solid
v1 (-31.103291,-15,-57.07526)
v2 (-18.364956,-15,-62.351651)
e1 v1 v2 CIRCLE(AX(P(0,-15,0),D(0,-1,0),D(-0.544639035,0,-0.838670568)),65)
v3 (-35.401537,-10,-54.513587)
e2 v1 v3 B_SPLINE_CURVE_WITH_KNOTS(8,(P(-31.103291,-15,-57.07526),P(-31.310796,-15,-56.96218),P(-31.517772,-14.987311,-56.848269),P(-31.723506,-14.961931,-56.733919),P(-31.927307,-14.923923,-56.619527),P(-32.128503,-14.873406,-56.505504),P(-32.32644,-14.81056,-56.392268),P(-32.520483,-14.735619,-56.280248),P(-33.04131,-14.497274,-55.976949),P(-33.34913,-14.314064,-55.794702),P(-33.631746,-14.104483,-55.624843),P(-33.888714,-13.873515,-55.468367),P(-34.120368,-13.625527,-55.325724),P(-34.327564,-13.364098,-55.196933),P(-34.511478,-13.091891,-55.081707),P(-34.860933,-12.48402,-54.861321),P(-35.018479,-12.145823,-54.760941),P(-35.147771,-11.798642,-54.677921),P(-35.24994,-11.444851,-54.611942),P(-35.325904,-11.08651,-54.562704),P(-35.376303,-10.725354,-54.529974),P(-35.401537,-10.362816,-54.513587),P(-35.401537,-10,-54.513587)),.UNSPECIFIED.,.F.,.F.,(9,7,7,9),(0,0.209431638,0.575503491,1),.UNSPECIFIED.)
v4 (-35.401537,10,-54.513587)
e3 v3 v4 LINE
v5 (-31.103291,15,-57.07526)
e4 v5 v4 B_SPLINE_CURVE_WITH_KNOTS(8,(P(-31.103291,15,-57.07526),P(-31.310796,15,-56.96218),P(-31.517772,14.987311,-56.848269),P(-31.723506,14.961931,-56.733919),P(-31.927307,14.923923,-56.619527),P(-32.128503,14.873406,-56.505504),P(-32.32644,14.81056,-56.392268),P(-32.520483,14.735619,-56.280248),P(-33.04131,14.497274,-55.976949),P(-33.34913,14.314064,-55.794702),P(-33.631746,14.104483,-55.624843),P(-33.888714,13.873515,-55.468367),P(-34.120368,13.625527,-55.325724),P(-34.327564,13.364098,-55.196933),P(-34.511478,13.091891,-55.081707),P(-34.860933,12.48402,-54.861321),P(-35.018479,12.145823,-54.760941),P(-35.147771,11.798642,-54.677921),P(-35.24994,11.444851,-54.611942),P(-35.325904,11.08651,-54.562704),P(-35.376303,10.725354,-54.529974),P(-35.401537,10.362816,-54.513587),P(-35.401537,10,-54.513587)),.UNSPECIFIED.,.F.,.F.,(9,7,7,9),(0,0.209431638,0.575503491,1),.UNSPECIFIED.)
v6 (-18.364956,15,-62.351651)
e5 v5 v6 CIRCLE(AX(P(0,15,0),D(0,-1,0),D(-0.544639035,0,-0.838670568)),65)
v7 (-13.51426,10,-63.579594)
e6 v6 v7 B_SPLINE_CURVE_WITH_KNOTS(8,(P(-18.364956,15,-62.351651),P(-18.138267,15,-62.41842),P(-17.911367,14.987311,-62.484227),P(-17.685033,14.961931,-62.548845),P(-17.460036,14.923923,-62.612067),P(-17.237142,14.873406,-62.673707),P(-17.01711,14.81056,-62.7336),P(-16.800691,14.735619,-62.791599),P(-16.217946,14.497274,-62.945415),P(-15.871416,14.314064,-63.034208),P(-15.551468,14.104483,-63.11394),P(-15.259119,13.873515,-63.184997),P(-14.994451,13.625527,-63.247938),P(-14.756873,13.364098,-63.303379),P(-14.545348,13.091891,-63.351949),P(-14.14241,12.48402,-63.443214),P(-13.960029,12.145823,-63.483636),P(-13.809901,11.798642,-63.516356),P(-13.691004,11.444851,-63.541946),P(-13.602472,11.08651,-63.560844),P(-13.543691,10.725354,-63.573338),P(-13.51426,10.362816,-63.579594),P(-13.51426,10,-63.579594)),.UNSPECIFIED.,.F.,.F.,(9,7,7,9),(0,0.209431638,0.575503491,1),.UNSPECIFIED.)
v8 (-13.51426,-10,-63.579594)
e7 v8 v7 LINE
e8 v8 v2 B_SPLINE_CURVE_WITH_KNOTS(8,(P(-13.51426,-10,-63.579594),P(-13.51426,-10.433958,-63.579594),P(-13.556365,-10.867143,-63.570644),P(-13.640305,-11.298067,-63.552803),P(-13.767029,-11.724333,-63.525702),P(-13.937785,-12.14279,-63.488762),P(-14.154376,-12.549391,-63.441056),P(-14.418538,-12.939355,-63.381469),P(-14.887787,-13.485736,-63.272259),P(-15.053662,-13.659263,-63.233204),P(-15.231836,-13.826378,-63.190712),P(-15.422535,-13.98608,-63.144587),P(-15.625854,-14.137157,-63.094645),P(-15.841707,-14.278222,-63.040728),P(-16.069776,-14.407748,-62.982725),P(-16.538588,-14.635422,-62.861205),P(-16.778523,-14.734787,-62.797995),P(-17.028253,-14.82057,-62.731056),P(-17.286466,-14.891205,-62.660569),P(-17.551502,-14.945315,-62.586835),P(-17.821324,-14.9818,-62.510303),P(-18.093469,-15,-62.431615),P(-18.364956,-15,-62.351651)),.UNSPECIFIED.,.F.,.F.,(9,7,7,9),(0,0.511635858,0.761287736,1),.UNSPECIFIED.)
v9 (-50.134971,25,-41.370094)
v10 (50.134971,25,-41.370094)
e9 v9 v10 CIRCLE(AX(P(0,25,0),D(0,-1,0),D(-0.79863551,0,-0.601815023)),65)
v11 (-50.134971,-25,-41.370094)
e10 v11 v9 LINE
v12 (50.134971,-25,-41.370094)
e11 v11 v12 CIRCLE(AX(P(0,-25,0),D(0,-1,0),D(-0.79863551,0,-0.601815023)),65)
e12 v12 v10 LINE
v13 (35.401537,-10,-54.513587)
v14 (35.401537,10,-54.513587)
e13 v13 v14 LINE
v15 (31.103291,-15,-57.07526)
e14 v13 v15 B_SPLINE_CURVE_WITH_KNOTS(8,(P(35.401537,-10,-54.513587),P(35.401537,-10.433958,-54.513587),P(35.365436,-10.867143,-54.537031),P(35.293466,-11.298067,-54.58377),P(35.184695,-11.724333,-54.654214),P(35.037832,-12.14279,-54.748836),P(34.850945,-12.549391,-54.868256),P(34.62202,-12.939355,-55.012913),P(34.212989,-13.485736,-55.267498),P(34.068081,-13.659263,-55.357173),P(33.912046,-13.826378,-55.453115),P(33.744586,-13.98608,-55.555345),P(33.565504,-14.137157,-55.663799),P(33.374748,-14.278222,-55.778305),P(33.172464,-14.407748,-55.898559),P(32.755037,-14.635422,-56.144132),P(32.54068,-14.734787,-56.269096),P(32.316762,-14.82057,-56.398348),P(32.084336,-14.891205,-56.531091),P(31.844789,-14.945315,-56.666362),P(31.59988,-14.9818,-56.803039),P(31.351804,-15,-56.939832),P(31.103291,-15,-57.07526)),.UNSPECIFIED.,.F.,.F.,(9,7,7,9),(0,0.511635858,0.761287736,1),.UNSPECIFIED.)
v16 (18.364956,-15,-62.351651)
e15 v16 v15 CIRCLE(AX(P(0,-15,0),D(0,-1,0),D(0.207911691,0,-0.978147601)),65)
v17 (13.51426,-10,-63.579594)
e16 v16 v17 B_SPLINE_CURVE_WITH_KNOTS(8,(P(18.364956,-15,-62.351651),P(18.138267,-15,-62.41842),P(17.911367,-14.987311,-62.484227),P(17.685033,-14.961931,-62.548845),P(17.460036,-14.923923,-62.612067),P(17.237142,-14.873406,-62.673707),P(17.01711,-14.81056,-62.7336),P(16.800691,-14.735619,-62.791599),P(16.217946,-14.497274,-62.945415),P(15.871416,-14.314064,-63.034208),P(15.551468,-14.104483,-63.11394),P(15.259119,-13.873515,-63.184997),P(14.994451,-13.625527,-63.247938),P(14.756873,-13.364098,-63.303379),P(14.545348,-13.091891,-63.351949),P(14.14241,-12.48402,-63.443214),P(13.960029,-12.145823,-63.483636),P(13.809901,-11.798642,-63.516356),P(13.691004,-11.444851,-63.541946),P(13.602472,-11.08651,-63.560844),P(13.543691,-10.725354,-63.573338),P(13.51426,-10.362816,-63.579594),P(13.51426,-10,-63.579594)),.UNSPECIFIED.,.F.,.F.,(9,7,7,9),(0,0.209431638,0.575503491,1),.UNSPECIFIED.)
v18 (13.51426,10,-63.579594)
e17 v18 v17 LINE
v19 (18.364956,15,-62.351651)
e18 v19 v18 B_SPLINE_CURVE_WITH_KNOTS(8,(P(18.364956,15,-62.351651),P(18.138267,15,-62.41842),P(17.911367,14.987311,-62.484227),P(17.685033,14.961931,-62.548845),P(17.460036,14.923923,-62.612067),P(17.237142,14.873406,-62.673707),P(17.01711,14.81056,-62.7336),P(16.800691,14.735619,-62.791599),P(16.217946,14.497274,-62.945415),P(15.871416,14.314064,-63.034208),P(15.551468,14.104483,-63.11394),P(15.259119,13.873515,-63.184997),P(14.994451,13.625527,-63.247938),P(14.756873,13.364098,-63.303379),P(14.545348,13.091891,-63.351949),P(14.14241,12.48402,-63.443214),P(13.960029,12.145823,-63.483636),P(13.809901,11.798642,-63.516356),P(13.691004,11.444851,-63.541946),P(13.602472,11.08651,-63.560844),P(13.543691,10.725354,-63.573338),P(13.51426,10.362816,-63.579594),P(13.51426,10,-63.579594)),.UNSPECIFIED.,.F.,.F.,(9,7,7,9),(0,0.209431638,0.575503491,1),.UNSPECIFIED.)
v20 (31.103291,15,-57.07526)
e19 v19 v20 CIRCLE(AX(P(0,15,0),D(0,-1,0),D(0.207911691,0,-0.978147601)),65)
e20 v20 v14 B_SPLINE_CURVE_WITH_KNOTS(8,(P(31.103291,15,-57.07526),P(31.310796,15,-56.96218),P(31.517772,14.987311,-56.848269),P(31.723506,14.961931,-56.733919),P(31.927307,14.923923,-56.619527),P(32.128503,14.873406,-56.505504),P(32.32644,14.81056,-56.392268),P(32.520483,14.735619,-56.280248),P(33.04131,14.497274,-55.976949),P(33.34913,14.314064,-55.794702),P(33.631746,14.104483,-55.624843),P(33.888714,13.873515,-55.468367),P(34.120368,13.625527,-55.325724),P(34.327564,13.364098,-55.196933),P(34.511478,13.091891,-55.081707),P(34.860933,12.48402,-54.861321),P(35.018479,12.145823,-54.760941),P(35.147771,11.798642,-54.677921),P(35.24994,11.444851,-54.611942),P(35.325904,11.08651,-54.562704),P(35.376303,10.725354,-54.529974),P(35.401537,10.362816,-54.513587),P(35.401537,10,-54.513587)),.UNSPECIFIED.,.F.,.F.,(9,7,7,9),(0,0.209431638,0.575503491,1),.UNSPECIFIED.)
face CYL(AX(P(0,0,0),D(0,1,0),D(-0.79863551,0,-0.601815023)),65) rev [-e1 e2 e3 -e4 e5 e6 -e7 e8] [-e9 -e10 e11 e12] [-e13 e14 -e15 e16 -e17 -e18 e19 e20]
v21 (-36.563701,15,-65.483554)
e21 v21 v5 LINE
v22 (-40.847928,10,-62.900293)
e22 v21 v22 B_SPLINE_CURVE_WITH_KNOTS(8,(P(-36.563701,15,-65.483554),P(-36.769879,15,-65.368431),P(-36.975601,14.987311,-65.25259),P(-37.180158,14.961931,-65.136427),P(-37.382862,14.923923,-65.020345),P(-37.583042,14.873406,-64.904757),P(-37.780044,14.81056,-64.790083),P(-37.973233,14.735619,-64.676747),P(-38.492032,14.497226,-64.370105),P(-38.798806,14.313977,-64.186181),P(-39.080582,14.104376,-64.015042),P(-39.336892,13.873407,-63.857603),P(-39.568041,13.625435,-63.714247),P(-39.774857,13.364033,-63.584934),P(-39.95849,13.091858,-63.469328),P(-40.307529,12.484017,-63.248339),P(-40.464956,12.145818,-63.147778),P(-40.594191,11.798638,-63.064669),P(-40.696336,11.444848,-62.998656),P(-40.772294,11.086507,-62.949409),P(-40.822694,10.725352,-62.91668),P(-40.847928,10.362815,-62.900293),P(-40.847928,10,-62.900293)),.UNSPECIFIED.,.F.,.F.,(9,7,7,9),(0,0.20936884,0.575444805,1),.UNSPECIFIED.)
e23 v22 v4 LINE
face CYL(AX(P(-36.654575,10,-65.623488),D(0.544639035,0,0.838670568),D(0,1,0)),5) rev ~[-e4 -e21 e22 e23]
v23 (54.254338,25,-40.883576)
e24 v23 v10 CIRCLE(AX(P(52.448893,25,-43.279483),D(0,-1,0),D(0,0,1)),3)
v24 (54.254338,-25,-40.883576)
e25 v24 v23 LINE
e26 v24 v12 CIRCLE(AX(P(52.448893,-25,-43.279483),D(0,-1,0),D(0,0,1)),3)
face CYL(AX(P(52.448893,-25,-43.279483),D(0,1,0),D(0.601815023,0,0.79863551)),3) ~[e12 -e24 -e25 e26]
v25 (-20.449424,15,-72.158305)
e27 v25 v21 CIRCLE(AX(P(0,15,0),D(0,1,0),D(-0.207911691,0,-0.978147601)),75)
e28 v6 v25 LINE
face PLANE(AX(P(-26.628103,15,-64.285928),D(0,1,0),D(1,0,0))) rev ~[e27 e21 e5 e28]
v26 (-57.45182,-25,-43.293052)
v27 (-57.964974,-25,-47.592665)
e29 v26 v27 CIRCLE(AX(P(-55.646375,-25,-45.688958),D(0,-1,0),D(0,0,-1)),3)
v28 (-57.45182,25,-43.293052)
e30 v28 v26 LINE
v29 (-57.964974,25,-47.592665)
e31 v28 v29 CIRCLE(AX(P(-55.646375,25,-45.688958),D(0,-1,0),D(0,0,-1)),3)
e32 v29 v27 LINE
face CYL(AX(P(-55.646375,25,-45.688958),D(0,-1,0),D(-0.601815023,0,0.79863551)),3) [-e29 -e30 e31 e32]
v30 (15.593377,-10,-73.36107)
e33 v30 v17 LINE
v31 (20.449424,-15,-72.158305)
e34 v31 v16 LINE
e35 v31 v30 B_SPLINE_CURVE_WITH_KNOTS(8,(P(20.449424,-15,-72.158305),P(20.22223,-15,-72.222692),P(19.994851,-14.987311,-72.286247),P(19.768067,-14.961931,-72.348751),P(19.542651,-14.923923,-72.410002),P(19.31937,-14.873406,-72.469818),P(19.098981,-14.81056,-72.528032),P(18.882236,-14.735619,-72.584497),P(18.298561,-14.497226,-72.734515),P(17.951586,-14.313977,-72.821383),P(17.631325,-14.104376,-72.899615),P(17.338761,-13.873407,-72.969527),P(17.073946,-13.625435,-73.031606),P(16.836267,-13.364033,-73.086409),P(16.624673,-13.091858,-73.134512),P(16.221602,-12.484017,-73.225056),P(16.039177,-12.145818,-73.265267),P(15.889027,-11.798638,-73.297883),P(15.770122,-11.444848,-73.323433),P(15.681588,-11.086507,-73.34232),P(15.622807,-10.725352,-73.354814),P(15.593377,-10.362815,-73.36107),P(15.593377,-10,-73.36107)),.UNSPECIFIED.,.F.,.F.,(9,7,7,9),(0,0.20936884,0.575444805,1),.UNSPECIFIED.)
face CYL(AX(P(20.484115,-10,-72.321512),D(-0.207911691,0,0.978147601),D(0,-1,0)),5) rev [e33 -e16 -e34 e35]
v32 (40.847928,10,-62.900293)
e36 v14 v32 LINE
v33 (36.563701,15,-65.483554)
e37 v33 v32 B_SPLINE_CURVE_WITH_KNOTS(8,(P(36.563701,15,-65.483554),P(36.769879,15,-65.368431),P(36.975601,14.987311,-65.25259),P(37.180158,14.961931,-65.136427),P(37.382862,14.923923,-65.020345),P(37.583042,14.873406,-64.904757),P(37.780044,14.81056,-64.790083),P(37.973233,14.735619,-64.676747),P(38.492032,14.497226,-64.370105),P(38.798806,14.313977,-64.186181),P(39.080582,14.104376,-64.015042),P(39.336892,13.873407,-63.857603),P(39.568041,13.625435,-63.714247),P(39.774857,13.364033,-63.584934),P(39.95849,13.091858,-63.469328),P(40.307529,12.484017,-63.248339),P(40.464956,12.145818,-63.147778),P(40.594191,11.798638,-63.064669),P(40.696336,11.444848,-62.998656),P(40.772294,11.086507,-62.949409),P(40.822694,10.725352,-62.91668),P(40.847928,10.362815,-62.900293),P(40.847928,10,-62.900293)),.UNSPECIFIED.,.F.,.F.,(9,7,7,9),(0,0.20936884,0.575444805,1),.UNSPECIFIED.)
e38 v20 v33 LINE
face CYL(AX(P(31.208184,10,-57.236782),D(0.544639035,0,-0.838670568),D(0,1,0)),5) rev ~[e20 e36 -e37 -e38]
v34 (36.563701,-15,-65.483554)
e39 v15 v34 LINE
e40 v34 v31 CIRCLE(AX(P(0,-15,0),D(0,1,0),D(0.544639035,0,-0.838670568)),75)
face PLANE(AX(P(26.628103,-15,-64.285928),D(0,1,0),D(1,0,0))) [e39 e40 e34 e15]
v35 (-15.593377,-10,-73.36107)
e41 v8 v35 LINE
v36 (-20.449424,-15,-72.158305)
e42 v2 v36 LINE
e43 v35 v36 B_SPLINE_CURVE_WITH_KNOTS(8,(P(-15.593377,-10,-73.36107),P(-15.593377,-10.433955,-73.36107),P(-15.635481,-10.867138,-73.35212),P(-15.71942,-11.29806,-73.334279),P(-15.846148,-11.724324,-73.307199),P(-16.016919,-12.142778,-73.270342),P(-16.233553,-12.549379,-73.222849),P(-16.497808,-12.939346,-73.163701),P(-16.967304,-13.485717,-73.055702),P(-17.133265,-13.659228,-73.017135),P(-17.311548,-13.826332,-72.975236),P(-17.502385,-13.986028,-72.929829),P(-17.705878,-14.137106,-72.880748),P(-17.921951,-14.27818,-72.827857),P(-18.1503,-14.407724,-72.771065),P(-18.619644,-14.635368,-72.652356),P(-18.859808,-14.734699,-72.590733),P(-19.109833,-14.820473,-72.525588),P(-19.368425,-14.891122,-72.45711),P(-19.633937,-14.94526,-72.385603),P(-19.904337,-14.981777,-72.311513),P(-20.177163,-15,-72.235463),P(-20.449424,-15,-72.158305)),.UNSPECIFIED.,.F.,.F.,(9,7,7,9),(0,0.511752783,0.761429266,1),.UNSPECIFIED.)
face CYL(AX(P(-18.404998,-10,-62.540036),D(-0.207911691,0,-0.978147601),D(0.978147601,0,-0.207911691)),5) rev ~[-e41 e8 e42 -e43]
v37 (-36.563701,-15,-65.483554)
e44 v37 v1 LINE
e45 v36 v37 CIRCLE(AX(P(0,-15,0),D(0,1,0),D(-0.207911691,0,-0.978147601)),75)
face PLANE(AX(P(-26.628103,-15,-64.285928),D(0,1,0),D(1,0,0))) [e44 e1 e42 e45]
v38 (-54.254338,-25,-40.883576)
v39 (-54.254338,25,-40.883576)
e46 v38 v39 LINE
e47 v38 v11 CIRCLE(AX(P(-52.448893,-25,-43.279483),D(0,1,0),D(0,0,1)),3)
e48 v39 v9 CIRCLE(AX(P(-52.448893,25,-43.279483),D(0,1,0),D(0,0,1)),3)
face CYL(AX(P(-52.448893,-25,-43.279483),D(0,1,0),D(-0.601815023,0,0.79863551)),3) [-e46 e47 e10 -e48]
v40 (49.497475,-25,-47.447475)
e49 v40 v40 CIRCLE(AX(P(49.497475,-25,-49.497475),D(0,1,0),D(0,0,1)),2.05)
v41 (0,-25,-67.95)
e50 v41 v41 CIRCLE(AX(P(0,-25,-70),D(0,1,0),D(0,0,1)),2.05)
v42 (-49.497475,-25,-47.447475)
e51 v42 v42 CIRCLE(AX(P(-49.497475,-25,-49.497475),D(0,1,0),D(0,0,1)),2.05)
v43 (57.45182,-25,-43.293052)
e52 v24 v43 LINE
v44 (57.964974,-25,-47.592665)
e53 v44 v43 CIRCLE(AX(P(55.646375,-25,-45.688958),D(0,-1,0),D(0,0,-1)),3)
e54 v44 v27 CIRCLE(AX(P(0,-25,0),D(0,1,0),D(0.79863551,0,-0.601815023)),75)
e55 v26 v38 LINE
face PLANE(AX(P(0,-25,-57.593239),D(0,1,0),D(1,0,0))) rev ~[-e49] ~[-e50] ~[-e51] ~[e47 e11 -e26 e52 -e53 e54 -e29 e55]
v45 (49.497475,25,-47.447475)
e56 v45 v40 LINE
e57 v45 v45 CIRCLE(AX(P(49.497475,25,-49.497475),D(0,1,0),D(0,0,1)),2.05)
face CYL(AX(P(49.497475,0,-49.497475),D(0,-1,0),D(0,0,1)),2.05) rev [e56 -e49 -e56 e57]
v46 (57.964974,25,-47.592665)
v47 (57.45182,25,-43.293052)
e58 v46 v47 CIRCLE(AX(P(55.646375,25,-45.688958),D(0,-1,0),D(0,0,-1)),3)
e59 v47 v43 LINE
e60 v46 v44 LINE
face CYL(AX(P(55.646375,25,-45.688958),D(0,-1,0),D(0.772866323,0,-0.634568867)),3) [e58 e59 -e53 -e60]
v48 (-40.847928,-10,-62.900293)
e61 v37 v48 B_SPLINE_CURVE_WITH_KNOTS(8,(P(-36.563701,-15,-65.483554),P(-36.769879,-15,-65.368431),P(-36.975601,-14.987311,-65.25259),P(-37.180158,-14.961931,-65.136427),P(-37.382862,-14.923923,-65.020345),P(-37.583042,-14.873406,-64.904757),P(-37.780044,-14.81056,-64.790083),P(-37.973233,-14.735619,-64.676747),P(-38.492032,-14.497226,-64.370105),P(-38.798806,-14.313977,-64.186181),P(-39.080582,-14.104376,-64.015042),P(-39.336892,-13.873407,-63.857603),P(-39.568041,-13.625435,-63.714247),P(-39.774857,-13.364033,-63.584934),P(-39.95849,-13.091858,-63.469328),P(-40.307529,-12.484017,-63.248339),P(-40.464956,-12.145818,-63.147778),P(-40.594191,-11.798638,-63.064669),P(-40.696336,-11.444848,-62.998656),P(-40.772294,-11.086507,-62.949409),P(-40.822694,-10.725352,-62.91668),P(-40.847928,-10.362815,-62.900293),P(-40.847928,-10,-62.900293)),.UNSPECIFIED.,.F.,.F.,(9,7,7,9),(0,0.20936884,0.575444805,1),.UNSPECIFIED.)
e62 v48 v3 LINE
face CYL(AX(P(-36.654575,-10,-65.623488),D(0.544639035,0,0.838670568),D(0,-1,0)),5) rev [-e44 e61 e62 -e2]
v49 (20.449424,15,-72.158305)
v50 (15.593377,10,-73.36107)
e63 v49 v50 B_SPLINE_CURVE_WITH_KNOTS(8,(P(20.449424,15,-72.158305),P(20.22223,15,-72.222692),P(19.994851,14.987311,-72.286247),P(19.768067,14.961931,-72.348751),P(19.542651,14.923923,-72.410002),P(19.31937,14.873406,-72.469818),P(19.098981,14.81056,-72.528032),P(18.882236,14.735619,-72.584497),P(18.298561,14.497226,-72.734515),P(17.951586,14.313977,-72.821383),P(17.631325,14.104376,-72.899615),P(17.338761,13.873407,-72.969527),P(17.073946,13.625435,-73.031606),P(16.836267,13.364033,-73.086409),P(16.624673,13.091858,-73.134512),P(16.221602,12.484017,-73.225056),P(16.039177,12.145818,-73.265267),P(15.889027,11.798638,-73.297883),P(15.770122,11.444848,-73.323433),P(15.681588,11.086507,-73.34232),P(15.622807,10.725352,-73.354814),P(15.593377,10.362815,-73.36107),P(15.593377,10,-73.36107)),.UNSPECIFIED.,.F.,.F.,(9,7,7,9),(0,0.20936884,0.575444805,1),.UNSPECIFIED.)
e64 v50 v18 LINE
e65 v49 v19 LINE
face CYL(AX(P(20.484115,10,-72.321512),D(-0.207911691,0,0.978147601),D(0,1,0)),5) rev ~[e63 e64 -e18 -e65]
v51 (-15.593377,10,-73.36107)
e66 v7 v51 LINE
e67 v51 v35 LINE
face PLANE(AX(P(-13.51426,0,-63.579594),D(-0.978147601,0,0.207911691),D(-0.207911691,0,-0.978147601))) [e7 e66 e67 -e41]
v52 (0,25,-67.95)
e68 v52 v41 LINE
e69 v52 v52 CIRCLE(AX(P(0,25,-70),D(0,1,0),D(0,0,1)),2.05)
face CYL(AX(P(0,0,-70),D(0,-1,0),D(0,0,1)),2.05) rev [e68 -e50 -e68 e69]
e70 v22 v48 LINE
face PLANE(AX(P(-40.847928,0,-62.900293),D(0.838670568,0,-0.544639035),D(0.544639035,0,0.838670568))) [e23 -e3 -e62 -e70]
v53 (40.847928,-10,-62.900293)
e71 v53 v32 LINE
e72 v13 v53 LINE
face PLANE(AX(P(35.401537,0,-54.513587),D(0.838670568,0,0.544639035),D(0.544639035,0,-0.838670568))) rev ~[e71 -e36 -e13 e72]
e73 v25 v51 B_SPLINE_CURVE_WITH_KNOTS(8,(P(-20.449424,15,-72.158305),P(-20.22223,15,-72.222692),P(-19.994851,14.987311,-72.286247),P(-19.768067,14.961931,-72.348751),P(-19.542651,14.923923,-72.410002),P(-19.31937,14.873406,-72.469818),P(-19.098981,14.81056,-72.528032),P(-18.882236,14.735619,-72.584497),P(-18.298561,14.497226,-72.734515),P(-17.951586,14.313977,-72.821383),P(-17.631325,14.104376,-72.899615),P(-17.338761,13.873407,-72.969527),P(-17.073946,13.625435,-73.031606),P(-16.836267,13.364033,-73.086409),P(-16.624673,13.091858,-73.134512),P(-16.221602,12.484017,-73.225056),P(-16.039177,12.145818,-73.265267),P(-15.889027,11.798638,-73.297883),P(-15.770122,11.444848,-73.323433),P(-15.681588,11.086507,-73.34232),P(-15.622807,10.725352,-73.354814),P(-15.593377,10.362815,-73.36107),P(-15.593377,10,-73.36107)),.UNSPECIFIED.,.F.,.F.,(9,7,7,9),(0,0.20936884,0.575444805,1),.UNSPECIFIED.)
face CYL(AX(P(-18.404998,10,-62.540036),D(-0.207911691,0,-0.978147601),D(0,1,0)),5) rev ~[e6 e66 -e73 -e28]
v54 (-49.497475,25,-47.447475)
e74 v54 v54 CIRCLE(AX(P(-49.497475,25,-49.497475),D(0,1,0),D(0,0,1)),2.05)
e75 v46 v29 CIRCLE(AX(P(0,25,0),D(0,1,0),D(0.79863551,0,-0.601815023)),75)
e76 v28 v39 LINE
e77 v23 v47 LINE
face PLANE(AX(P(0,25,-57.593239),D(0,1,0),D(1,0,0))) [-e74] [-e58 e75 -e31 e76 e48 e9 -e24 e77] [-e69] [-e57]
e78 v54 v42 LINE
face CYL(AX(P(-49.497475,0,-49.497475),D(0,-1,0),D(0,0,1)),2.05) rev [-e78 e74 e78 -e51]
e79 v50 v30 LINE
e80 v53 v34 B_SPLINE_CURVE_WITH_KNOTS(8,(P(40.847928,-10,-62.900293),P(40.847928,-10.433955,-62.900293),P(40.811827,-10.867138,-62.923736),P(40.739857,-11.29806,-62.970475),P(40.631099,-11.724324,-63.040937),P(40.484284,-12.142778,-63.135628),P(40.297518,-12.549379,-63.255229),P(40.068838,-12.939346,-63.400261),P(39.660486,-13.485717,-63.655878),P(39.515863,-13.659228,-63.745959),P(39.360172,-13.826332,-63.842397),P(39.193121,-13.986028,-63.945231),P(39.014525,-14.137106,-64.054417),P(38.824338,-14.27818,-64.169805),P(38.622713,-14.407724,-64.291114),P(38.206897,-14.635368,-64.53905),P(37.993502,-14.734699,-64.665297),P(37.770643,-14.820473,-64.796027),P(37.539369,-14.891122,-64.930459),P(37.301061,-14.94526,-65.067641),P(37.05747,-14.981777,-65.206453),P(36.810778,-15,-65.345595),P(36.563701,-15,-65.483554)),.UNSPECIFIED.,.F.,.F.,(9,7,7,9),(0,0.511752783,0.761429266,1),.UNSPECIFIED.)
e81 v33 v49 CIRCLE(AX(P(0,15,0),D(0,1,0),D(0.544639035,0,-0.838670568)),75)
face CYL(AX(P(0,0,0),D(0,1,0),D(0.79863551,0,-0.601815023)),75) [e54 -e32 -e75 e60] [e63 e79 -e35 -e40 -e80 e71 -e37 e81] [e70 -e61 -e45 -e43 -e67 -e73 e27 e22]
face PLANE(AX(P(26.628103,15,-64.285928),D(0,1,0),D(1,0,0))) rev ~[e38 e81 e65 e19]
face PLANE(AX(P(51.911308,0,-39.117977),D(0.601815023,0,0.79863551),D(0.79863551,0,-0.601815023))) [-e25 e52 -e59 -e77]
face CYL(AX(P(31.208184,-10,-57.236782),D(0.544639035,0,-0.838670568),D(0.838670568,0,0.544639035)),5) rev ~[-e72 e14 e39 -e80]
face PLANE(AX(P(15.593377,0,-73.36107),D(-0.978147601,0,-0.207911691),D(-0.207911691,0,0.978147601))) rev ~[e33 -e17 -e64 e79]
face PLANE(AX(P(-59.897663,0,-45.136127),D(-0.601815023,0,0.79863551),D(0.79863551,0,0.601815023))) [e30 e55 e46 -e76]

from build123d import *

# Parameters (mm, degrees)
SKETCH_1_R          = 2.05
EXTRUDE_1_DEPTH     = 25
FILLET_2_R          = 3
CUT_EXTRUDE_1_DEPTH = 15
FILLET_3_R          = 5


with BuildPart() as part:
    # 草图1 → 凸台-拉伸1 (new, symmetric)
    with BuildSketch(Plane(origin=(0, 0, 0), x_dir=(1, 0, 0), z_dir=(0, 1, 0))):
        with BuildLine():
            Line((-59.897663254, 45.136126736), (-51.911308153, 39.117976505))
            ThreePointArc((-51.911308153, 39.117976505), (0, 65), (51.911308153, 39.117976505))
            Line((51.911308153, 39.117976505), (59.897663254, 45.136126736))
            ThreePointArc((59.897663254, 45.136126736), (0, 75), (-59.897663254, 45.136126736))
        make_face()
        with Locations(Location((-49.497474683, 49.497474683, 0), (0, 0, 270))):
            Circle(SKETCH_1_R, mode=Mode.SUBTRACT)
        with Locations(Location((0, 70, 0), (0, 0, 270))):
            Circle(SKETCH_1_R, mode=Mode.SUBTRACT)
        with Locations(Location((49.497474683, 49.497474683, 0), (0, 0, 270))):
            Circle(SKETCH_1_R, mode=Mode.SUBTRACT)
    extrude(amount=EXTRUDE_1_DEPTH, both=True)

    # 圆角2
    fillet_2_edges = [part.edges().sort_by_distance(p)[0] for p in [
        (-51.911308153, 0, -39.117976505),
        (-59.897663254, 0, -45.136126736),
        (59.897663254, 0, -45.136126736),
        (51.911308153, 0, -39.117976505),
    ]]
    fillet(fillet_2_edges, radius=FILLET_2_R)

    # 草图2 → 切除-拉伸1 (cut, symmetric)
    with BuildSketch(Plane(origin=(0, 0, 0), x_dir=(1, 0, 0), z_dir=(0, 1, 0))):
        with BuildLine():
            Line((-40.847927626, 62.900292596), (-35.401537276, 54.513586916))
            ThreePointArc((-35.401537276, 54.513586916), (-24.874423104, 60.052169613), (-13.514259903, 63.579594048))
            Line((-13.514259903, 63.579594048), (-15.593376811, 73.361070055))
            ThreePointArc((-15.593376811, 73.361070055), (-28.701257427, 69.290964938), (-40.847927626, 62.900292596))
        make_face()
        with BuildLine():
            ThreePointArc((13.514259903, 63.579594048), (24.874423104, 60.052169613), (35.401537276, 54.513586916))
            Line((35.401537276, 54.513586916), (40.847927626, 62.900292596))
            ThreePointArc((40.847927626, 62.900292596), (28.701257427, 69.290964938), (15.593376811, 73.361070055))
            Line((15.593376811, 73.361070055), (13.514259903, 63.579594048))
        make_face()
    extrude(amount=CUT_EXTRUDE_1_DEPTH, both=True, mode=Mode.SUBTRACT)

    # 圆角3
    fillet_3_edges = [part.edges().sort_by_distance(p)[0] for p in [
        (-38.124732451, 15, -58.706939756),
        (-14.553818357, -15, -68.470332051),
        (-38.124732451, -15, -58.706939756),
        (-14.553818357, 15, -68.470332051),
        (14.553818357, 15, -68.470332051),
        (38.124732451, -15, -58.706939756),
        (14.553818357, -15, -68.470332051),
        (38.124732451, 15, -58.706939756),
    ]]
    fillet(fillet_3_edges, radius=FILLET_3_R)


solid = part.part
